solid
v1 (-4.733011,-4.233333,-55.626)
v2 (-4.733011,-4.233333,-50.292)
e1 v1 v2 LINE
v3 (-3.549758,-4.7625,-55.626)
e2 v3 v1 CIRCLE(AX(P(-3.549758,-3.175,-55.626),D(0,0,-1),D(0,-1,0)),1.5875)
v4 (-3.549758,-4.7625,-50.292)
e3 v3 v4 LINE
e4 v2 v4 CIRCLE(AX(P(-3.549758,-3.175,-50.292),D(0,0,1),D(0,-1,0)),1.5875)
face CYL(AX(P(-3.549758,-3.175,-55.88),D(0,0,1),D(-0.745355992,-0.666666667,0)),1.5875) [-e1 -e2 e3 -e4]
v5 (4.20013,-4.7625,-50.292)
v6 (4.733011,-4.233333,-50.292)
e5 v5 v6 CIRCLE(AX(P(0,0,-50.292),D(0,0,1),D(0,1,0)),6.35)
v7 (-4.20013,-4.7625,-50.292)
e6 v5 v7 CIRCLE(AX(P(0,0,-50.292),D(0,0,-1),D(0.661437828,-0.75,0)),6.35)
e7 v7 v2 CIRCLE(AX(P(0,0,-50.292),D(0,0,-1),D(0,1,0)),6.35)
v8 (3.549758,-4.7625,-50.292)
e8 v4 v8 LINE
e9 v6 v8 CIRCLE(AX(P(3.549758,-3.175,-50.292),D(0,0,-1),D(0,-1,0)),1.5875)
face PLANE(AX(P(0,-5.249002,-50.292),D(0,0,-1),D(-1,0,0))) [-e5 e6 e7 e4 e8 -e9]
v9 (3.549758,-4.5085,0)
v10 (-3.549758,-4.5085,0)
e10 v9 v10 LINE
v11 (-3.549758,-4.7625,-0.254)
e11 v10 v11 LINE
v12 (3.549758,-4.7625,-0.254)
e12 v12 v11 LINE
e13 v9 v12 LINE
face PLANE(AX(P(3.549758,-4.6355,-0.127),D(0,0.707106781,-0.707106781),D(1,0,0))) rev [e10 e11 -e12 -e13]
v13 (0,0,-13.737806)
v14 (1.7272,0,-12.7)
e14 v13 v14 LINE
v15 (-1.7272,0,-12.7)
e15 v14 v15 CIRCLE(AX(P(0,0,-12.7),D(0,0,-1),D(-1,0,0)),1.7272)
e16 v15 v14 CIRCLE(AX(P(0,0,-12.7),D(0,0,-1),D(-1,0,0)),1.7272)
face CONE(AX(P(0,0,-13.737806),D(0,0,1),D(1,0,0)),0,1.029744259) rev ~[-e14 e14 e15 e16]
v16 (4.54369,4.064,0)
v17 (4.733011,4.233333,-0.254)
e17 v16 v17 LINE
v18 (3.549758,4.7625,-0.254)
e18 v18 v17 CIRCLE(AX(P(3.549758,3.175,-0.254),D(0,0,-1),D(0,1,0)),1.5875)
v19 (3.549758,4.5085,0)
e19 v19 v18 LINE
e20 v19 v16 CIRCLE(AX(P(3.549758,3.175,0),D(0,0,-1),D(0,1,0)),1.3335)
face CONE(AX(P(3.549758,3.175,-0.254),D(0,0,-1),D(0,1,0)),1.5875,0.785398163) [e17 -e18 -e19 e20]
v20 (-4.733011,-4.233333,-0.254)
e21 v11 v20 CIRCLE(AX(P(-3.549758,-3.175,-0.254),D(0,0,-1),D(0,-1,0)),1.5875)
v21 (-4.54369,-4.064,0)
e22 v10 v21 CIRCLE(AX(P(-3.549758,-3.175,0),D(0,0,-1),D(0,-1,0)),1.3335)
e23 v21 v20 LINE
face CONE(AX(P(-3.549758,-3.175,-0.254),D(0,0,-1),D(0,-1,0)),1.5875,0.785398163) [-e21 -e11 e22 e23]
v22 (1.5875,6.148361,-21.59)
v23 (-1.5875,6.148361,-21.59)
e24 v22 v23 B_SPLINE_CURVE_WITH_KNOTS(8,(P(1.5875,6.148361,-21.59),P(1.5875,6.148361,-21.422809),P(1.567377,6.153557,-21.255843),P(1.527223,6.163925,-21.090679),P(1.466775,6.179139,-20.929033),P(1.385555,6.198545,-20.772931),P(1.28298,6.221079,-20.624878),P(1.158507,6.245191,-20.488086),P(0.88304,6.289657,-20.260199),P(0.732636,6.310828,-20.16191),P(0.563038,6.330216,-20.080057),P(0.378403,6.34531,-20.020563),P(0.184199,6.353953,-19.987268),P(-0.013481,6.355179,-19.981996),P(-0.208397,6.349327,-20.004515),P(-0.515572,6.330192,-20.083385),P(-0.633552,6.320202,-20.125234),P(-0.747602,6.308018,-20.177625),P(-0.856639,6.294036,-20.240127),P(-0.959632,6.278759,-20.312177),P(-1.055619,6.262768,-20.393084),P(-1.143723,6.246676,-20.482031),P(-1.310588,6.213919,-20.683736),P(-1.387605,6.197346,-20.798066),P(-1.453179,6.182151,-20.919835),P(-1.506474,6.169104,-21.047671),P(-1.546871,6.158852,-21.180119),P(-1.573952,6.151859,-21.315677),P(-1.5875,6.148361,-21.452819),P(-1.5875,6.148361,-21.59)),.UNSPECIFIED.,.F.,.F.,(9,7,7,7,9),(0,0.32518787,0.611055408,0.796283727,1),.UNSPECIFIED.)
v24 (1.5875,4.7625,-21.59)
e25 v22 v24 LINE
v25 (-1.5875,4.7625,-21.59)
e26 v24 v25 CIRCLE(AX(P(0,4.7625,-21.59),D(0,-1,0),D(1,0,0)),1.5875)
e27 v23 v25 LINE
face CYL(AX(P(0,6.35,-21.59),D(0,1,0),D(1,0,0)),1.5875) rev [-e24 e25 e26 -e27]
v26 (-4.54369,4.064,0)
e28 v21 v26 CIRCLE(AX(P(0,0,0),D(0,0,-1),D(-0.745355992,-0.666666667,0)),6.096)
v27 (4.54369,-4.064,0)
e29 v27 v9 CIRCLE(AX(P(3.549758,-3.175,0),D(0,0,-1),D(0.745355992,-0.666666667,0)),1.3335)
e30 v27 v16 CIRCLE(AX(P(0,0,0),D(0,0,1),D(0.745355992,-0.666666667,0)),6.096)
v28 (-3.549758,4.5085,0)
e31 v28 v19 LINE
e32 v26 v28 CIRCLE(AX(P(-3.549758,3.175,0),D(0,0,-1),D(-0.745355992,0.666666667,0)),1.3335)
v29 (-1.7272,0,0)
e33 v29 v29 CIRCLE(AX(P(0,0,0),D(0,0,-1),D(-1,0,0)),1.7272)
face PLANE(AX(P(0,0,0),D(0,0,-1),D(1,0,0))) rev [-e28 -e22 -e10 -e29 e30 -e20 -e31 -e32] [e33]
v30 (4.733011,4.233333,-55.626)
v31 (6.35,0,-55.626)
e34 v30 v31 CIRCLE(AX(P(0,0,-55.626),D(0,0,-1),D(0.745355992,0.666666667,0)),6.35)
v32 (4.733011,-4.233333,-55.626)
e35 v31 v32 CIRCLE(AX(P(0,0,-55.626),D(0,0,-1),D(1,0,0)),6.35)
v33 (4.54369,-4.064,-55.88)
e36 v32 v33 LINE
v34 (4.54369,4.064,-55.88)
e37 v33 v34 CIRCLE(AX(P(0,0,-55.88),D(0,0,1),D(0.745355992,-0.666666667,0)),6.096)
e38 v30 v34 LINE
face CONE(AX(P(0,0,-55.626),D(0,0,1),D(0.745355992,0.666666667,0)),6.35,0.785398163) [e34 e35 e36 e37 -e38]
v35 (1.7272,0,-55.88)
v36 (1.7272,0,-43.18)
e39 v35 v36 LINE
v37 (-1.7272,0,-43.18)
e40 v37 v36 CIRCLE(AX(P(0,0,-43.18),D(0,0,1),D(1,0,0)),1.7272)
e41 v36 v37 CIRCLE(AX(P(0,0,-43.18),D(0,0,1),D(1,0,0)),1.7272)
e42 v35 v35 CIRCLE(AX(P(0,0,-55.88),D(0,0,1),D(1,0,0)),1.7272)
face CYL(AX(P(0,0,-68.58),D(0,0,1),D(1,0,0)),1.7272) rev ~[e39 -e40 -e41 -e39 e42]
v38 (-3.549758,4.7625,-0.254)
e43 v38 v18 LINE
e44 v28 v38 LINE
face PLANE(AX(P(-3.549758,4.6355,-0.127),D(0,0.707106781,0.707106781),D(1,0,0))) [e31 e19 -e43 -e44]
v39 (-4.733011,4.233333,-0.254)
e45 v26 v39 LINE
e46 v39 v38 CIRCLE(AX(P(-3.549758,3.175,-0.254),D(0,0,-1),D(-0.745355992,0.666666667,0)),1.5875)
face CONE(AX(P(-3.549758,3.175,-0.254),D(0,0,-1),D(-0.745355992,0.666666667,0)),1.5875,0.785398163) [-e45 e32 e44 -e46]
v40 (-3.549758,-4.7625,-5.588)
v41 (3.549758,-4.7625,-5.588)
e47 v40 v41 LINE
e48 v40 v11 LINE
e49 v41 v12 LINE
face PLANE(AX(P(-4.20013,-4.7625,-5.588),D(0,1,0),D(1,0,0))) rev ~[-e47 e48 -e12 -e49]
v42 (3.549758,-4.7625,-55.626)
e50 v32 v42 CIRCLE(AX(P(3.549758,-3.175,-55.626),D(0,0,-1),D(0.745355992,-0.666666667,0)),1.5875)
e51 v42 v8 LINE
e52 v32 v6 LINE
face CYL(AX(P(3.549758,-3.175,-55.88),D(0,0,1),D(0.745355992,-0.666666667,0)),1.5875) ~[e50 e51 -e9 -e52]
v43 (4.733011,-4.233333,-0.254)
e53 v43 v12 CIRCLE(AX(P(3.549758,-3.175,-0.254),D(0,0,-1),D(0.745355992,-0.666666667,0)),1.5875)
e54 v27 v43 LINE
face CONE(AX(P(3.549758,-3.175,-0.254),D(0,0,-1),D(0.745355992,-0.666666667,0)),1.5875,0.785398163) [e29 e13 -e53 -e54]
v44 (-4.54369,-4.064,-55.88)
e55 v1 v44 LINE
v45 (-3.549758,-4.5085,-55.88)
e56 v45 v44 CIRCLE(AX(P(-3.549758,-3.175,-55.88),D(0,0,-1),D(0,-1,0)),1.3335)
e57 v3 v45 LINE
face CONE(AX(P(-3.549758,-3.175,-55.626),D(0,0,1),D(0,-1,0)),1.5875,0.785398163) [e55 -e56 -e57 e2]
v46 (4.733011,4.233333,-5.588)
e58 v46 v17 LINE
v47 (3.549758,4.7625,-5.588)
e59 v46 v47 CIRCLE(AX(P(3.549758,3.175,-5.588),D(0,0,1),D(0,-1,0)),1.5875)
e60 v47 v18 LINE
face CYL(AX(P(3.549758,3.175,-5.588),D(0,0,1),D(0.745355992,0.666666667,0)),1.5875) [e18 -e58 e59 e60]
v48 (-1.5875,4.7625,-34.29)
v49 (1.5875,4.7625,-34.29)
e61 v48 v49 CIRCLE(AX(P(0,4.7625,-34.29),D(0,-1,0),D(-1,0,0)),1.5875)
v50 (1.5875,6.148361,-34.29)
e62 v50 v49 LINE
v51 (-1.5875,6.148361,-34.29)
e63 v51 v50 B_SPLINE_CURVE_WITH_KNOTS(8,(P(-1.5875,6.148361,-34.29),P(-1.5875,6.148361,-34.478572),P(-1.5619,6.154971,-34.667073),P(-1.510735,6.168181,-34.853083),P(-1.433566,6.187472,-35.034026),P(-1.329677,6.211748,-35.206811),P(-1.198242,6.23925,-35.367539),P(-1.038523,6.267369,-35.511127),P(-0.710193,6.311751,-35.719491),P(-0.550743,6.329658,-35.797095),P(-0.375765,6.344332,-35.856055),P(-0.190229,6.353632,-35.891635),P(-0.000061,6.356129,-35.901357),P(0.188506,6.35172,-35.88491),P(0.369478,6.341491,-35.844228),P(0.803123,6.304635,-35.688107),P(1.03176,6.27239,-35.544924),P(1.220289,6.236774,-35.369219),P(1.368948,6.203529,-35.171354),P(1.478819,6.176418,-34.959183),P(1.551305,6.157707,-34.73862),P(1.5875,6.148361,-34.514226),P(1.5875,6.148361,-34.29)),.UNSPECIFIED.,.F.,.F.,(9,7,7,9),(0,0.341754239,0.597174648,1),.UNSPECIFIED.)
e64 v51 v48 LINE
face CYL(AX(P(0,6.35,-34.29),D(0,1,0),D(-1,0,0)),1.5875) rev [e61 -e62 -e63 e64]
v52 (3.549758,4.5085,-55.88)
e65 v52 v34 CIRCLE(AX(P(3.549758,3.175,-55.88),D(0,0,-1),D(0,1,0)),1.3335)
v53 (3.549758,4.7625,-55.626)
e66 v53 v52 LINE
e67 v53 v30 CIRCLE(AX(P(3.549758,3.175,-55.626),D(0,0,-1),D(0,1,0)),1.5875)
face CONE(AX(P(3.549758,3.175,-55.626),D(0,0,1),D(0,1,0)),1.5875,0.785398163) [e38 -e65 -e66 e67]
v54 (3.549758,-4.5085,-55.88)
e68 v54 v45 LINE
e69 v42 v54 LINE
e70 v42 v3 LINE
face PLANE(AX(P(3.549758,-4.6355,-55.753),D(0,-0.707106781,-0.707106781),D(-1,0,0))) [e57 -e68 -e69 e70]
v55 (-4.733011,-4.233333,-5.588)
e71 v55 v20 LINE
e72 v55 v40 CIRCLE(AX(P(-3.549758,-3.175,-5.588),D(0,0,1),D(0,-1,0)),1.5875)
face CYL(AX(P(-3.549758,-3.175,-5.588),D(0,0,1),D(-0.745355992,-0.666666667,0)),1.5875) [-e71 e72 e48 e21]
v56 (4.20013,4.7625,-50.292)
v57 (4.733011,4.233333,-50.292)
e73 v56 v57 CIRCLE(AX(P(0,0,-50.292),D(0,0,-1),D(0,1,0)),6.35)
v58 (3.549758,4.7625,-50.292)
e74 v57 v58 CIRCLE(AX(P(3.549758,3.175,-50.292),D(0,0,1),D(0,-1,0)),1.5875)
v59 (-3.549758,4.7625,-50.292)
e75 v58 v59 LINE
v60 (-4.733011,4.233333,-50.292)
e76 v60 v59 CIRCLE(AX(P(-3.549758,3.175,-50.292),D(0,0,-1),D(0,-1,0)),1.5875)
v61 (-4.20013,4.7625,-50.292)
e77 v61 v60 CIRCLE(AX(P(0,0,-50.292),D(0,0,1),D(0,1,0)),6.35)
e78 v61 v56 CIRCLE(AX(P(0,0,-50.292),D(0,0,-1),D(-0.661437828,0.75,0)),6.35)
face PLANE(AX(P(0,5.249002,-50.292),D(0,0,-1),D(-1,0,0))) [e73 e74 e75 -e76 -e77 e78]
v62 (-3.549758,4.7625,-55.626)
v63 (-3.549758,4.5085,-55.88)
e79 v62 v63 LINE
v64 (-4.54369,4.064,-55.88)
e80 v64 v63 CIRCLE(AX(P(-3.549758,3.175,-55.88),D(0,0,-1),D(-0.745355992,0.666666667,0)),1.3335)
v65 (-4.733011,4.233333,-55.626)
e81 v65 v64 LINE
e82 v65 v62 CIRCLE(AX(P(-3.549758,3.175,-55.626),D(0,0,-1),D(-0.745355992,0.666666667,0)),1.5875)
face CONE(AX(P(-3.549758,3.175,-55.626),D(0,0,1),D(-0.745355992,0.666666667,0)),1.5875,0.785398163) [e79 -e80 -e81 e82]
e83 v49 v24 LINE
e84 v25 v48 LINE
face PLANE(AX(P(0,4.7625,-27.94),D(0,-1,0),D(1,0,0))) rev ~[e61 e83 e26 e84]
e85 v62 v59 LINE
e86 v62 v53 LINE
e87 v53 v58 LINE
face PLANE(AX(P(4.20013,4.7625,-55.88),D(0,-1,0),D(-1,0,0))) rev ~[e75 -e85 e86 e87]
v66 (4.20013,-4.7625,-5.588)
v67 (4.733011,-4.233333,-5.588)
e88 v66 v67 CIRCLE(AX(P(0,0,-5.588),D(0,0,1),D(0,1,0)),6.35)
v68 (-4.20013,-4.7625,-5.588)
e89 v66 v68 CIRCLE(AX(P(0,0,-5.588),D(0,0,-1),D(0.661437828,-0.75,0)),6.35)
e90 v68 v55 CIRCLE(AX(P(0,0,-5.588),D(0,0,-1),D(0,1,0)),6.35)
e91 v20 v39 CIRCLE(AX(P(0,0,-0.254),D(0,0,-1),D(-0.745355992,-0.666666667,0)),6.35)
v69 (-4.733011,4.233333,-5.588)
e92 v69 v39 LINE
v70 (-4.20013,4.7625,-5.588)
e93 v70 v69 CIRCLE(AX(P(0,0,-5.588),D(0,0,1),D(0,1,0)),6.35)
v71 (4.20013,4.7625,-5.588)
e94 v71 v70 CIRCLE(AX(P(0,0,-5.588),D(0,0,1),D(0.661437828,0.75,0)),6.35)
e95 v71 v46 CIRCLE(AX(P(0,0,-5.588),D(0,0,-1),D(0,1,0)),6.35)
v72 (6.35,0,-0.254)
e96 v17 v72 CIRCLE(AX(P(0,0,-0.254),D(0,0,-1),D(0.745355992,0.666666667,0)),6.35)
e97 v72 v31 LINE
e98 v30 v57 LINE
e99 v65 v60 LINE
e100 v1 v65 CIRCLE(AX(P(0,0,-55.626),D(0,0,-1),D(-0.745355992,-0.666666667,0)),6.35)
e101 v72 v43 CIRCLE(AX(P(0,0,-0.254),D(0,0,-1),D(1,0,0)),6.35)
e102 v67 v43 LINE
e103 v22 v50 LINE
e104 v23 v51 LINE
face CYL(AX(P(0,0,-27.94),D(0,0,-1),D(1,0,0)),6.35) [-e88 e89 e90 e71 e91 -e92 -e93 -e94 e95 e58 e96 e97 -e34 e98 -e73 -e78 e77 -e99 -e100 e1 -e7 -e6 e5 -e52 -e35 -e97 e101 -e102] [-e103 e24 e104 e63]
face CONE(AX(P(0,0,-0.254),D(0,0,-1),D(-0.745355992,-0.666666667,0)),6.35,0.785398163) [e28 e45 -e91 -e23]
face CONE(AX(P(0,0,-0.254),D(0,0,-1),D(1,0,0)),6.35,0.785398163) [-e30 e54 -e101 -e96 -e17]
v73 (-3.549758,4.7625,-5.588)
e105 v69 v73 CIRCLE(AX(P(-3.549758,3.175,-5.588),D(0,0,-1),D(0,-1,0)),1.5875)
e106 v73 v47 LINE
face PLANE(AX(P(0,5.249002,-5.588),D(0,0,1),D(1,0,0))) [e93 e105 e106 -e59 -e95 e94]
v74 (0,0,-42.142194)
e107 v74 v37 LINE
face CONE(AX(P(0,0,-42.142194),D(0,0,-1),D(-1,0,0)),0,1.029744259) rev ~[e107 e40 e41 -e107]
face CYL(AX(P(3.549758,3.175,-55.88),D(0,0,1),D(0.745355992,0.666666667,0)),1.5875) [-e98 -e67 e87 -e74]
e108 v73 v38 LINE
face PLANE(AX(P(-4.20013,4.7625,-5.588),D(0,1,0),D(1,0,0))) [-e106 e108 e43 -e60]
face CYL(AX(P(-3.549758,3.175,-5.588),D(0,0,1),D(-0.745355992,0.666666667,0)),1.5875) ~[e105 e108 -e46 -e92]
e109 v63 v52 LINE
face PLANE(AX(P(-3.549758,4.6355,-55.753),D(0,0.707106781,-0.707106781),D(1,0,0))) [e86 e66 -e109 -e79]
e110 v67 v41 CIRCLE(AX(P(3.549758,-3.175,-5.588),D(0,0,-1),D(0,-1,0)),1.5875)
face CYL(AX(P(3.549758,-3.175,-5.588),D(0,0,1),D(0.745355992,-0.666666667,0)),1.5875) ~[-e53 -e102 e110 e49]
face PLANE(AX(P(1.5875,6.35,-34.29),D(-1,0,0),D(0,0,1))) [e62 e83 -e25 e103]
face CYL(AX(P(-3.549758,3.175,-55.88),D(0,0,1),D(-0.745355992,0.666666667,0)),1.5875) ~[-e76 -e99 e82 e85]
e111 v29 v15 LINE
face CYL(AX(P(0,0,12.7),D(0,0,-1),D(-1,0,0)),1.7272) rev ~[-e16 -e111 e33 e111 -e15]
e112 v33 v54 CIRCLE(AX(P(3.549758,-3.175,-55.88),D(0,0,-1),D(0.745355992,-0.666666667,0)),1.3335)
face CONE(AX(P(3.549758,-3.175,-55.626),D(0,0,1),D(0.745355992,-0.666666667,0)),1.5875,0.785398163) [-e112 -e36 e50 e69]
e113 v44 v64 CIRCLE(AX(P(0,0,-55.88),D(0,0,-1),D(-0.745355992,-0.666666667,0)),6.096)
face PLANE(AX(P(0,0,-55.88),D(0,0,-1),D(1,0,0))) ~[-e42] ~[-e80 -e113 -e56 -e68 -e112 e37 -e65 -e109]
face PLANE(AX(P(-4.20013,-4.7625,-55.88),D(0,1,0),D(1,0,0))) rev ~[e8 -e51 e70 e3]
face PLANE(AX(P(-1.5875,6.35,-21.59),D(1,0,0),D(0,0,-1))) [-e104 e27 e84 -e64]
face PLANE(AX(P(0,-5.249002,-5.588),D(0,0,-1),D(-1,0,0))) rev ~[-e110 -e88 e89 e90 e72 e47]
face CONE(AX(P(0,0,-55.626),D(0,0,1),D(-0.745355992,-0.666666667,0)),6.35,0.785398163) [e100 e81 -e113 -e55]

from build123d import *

# Parameters (mm, degrees)
SKETCH1_W                 = 55.88
SKETCH1_H                 = 6.35
CUT_EXTRUDE1_START        = -5.588
CUT_EXTRUDE1_DEPTH        = 5.588
CUT_EXTRUDE2_DEPTH        = 5.588
F_8_32_TAPPED_HOLE1_D     = 3.4544
F_8_32_TAPPED_HOLE1_DEPTH = 12.7
F_8_32_TAPPED_HOLE1_TIP   = 1.037806461
F_8_32_TAPPED_HOLE2_D     = 3.4544
F_8_32_TAPPED_HOLE2_DEPTH = 12.7
F_8_32_TAPPED_HOLE2_TIP   = 1.037806461
FILLET1_R                 = 1.5875
CHAMFER1_SIZE             = 0.254
CUT_EXTRUDE3_DEPTH        = 1.5875


with BuildPart() as part:
    # Sketch1 → Revolve1 (revolve)
    with BuildSketch(Plane(origin=(0, 0, 0), x_dir=(0, 0, -1), z_dir=(1, 0, 0)), mode=Mode.PRIVATE) as revolve1_sk:
        with Locations((27.94, 3.175)):
            Rectangle(SKETCH1_W, SKETCH1_H)
    revolve(revolve1_sk.sketch.rotate(Axis((0, 0, 0), (0, 0, -1)), 90), axis=Axis((0, 0, 0), (0, 0, -1)))

    # Sketch5 → Cut-Extrude1 (cut)
    with BuildSketch(Plane.XY.offset(CUT_EXTRUDE1_START)):
        with BuildLine():
            Line((-4.200130206, 4.7625), (4.200130206, 4.7625))
            ThreePointArc((4.200130206, 4.7625), (0, 6.35), (-4.200130206, 4.7625))
        make_face()
        with BuildLine():
            Line((-4.200130206, -4.7625), (4.200130206, -4.7625))
            ThreePointArc((4.200130206, -4.7625), (0, -6.35), (-4.200130206, -4.7625))
        make_face()
    extrude(amount=CUT_EXTRUDE1_DEPTH, mode=Mode.SUBTRACT)

    # Sketch6 → Cut-Extrude2 (cut)
    with BuildSketch(Plane(origin=(0, 0, -55.88), x_dir=(-1, 0, 0), z_dir=(0, 0, -1))):
        with BuildLine():
            Line((-4.200130206, 4.7625), (4.200130206, 4.7625))
            ThreePointArc((4.200130206, 4.7625), (0, 6.35), (-4.200130206, 4.7625))
        make_face()
        with BuildLine():
            Line((4.200130206, -4.7625), (-4.200130206, -4.7625))
            ThreePointArc((-4.200130206, -4.7625), (0, -6.35), (4.200130206, -4.7625))
        make_face()
    extrude(amount=-CUT_EXTRUDE2_DEPTH, mode=Mode.SUBTRACT)

    # #8-32 Tapped Hole1
    with Locations(Plane.XY):
        with Locations((0, 0)):
            Hole(F_8_32_TAPPED_HOLE1_D / 2, depth=F_8_32_TAPPED_HOLE1_DEPTH)
            with Locations((0, 0, -(F_8_32_TAPPED_HOLE1_DEPTH + F_8_32_TAPPED_HOLE1_TIP / 2))):  # 118° drill point
                Cone(0, F_8_32_TAPPED_HOLE1_D / 2, F_8_32_TAPPED_HOLE1_TIP, mode=Mode.SUBTRACT)

    # #8-32 Tapped Hole2
    with Locations(Plane(origin=(0, 0, -55.88), x_dir=(-1, 0, 0), z_dir=(0, 0, -1))):
        with Locations((0, 0)):
            Hole(F_8_32_TAPPED_HOLE2_D / 2, depth=F_8_32_TAPPED_HOLE2_DEPTH)
            with Locations((0, 0, -(F_8_32_TAPPED_HOLE2_DEPTH + F_8_32_TAPPED_HOLE2_TIP / 2))):  # 118° drill point
                Cone(0, F_8_32_TAPPED_HOLE2_D / 2, F_8_32_TAPPED_HOLE2_TIP, mode=Mode.SUBTRACT)

    # Fillet1
    fillet1_edges = [part.edges().sort_by_distance(p)[0] for p in [
        (-4.200130206, 4.7625, -2.794),
        (4.200130206, 4.7625, -2.794),
        (4.200130206, -4.7625, -2.794),
        (-4.200130206, -4.7625, -2.794),
        (4.200130206, 4.7625, -53.086),
        (-4.200130206, 4.7625, -53.086),
        (-4.200130206, -4.7625, -53.086),
        (4.200130206, -4.7625, -53.086),
    ]]
    fillet(fillet1_edges, radius=FILLET1_R)

    # Chamfer1
    chamfer1_edges = [part.edges().sort_by_distance(p)[0] for p in [
        (-6.35, 0, -55.88),
        (5.931994479, -2.26582027, -55.88),
        (-6.35, 0, 0),
        (5.931994479, -2.26582027, 0),
        (0, -4.7625, 0),
        (0, 4.7625, 0),
        (-4.197852075, 4.6241826, 0),
        (4.197852075, 4.6241826, 0),
        (4.197852075, -4.6241826, 0),
        (-4.197852075, -4.6241826, 0),
        (0, -4.7625, -55.88),
        (0, 4.7625, -55.88),
        (4.197852075, 4.6241826, -55.88),
        (-4.197852075, 4.6241826, -55.88),
        (4.197852075, -4.6241826, -55.88),
        (-4.197852075, -4.6241826, -55.88),
    ]]
    chamfer(chamfer1_edges, length=CHAMFER1_SIZE)

    # Sketch11 → Cut-Extrude3 (cut)
    with BuildSketch(Plane(origin=(0, 6.35, 0), x_dir=(-1, 0, 0), z_dir=(0, 1, 0))):
        with BuildLine():
            Line((-1.5875, -34.29), (-1.5875, -21.59))
            ThreePointArc((-1.5875, -21.59), (0, -20.0025), (1.5875, -21.59))
            Line((1.5875, -21.59), (1.5875, -34.29))
            ThreePointArc((1.5875, -34.29), (0, -35.8775), (-1.5875, -34.29))
        make_face()
    extrude(amount=-CUT_EXTRUDE3_DEPTH, mode=Mode.SUBTRACT)


solid = part.part
